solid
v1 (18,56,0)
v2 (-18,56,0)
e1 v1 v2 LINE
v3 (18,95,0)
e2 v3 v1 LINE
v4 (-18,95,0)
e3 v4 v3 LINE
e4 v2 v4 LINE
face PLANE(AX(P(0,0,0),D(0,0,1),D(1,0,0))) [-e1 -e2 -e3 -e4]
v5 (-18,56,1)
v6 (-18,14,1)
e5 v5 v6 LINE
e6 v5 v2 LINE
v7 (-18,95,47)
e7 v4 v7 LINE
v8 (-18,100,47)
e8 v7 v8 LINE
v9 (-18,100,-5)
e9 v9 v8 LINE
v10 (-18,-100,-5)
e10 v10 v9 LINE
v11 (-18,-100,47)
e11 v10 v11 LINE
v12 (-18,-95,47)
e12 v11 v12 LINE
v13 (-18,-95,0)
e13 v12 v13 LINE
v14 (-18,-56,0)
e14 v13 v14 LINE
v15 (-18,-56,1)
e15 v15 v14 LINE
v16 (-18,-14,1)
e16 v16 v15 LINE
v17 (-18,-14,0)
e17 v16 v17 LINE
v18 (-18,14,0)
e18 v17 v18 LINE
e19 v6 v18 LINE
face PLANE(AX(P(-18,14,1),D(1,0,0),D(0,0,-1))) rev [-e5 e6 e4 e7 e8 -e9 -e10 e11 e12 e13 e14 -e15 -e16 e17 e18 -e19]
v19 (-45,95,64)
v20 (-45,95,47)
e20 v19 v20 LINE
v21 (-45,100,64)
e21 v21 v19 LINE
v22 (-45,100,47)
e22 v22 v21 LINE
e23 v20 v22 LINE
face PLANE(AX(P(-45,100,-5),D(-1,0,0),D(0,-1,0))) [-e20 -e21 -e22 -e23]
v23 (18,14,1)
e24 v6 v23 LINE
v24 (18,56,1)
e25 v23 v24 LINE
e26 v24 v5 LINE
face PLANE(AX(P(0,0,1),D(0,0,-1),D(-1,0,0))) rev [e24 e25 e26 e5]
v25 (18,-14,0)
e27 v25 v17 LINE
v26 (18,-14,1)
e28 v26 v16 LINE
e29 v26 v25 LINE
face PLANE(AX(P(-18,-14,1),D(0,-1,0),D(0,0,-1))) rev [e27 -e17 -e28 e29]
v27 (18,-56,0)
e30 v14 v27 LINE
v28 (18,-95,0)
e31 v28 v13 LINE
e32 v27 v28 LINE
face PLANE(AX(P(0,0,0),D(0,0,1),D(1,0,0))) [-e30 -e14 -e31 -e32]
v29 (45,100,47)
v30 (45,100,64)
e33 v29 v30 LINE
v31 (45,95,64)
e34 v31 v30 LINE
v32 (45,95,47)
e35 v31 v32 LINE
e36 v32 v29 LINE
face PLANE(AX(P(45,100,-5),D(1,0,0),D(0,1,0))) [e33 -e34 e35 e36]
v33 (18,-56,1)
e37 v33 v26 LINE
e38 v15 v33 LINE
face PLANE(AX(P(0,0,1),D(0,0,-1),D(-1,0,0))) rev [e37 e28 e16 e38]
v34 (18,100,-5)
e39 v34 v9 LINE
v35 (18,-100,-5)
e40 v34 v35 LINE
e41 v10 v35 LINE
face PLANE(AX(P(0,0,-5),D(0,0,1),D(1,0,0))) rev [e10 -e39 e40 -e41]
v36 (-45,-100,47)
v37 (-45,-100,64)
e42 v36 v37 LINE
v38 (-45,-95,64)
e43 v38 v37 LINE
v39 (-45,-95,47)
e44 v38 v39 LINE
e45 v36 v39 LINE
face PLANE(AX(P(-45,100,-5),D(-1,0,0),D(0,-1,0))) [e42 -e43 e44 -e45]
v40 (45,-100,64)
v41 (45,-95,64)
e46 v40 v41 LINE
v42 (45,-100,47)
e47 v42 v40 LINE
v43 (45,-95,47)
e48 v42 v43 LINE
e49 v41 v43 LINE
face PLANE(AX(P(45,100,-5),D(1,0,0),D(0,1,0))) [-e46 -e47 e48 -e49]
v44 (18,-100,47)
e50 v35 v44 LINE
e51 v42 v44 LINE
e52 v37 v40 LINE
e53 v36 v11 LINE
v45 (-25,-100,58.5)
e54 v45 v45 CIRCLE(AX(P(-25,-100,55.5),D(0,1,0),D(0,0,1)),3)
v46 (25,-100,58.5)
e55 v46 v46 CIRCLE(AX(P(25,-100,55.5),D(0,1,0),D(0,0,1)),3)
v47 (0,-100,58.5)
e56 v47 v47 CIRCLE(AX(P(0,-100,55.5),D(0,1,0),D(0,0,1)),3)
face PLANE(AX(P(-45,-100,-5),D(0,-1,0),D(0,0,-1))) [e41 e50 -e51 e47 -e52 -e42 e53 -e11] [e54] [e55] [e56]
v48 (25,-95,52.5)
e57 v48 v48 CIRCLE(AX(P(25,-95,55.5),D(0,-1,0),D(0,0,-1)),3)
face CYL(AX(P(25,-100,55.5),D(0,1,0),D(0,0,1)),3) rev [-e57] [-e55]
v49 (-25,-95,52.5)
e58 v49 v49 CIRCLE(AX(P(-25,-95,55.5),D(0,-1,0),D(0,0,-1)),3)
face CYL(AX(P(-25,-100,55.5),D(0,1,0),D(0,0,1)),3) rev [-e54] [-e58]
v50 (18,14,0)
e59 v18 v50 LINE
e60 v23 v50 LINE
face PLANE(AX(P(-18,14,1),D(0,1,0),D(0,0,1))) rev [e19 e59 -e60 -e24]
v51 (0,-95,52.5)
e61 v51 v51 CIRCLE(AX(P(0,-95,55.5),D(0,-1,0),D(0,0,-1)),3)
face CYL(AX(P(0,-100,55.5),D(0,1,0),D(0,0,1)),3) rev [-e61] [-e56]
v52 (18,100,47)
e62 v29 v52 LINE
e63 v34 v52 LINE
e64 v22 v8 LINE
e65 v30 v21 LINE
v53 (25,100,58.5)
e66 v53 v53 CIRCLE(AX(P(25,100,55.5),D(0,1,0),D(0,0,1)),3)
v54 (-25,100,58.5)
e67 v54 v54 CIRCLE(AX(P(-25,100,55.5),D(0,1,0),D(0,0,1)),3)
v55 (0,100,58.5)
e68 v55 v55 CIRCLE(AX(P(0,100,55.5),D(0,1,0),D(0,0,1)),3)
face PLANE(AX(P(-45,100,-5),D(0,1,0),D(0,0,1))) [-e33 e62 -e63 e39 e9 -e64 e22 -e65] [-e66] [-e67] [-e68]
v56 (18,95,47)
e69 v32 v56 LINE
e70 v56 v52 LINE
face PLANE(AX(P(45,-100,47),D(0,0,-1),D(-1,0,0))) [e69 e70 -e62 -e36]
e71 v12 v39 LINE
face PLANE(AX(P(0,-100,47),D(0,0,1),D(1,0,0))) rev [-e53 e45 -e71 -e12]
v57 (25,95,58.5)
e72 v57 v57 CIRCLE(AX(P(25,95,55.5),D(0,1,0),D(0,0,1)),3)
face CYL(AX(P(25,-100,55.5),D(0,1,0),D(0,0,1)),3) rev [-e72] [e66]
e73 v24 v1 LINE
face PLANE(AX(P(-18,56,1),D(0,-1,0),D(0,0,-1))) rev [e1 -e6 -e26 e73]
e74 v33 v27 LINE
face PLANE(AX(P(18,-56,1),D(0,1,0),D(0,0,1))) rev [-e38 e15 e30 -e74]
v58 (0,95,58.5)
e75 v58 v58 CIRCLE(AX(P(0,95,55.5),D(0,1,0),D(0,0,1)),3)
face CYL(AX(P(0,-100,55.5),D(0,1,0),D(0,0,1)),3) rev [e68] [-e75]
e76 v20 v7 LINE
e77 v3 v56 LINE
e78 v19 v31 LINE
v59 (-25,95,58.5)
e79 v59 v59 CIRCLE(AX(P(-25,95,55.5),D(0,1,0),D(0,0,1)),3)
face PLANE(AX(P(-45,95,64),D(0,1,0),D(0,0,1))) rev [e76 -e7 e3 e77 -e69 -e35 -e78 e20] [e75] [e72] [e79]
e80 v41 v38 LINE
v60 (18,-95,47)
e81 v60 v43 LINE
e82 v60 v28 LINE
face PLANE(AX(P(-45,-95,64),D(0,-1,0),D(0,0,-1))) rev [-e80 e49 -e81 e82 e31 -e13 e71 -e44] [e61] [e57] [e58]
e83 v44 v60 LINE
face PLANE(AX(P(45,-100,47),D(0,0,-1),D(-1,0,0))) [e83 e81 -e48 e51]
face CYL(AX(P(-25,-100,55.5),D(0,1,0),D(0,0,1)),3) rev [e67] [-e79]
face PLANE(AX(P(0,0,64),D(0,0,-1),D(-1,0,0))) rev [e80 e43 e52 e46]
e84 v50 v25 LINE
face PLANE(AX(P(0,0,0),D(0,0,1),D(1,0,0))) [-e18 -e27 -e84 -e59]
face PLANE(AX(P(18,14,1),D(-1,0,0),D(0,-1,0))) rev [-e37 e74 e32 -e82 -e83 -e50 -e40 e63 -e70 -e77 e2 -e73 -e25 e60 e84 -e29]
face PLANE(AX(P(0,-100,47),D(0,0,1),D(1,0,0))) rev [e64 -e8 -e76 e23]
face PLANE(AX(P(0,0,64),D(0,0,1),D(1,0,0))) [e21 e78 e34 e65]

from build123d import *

# Parameters (mm, degrees)
CROQUIS1_W              = 90
CROQUIS1_H              = 200
SALIENTE_EXTRUIR1_DEPTH = 5
CROQUIS2_W              = 90
CROQUIS2_H              = 5
SALIENTE_EXTRUIR2_DEPTH = 64
CROQUIS3_W              = 36
CROQUIS3_H              = 42
SALIENTE_EXTRUIR3_DEPTH = 1
CROQUIS4_R              = 3
CORTAR_EXTRUIR1_DEPTH   = 201
CROQUIS5_W              = 27
CROQUIS5_H              = 190
CORTAR_EXTRUIR3_DEPTH   = 6
CROQUIS6_W              = 27
CROQUIS6_H              = 52
CORTAR_EXTRUIR4_DEPTH   = 201


with BuildPart() as part:
    # Croquis1 → Saliente-Extruir1 (new body)
    with BuildSketch(Plane.XY):
        Rectangle(CROQUIS1_W, CROQUIS1_H)
    extrude(amount=-SALIENTE_EXTRUIR1_DEPTH)

    # Croquis2 → Saliente-Extruir2 (add)
    with BuildSketch(Plane.XY):
        with Locations((0, 97.5)):
            Rectangle(CROQUIS2_W, CROQUIS2_H)
        with Locations((0, -97.5)):
            Rectangle(CROQUIS2_W, CROQUIS2_H)
    extrude(amount=SALIENTE_EXTRUIR2_DEPTH)

    # Croquis3 → Saliente-Extruir3 (add)
    with BuildSketch(Plane.XY):
        with Locations((0, 35)):
            Rectangle(CROQUIS3_W, CROQUIS3_H)
        with Locations((0, -35)):
            Rectangle(CROQUIS3_W, CROQUIS3_H)
    extrude(amount=SALIENTE_EXTRUIR3_DEPTH)

    # Croquis4 → Cortar-Extruir1 (cut, through all)
    with BuildSketch(Plane(origin=(0, 100, 0), x_dir=(1, 0, 0), z_dir=(0, 1, 0))):
        with Locations((-25, -55.5)):
            Circle(CROQUIS4_R)
        with Locations((0, -55.5)):
            Circle(CROQUIS4_R)
        with Locations((25, -55.5)):
            Circle(CROQUIS4_R)
    extrude(amount=-CORTAR_EXTRUIR1_DEPTH, mode=Mode.SUBTRACT)

    # Croquis5 → Cortar-Extruir3 (cut, through all)
    with BuildSketch(Plane.XY):
        with Locations((-31.5, 0)):
            Rectangle(CROQUIS5_W, CROQUIS5_H)
        with Locations((31.5, 0)):
            Rectangle(CROQUIS5_W, CROQUIS5_H)
    extrude(amount=-CORTAR_EXTRUIR3_DEPTH, mode=Mode.SUBTRACT)

    # Croquis6 → Cortar-Extruir4 (cut, through all)
    with BuildSketch(Plane(origin=(0, 100, 0), x_dir=(1, 0, 0), z_dir=(0, 1, 0))):
        with Locations((-31.5, -21)):
            Rectangle(CROQUIS6_W, CROQUIS6_H)
        with Locations((31.5, -21)):
            Rectangle(CROQUIS6_W, CROQUIS6_H)
    extrude(amount=-CORTAR_EXTRUIR4_DEPTH, mode=Mode.SUBTRACT)


solid = part.part
